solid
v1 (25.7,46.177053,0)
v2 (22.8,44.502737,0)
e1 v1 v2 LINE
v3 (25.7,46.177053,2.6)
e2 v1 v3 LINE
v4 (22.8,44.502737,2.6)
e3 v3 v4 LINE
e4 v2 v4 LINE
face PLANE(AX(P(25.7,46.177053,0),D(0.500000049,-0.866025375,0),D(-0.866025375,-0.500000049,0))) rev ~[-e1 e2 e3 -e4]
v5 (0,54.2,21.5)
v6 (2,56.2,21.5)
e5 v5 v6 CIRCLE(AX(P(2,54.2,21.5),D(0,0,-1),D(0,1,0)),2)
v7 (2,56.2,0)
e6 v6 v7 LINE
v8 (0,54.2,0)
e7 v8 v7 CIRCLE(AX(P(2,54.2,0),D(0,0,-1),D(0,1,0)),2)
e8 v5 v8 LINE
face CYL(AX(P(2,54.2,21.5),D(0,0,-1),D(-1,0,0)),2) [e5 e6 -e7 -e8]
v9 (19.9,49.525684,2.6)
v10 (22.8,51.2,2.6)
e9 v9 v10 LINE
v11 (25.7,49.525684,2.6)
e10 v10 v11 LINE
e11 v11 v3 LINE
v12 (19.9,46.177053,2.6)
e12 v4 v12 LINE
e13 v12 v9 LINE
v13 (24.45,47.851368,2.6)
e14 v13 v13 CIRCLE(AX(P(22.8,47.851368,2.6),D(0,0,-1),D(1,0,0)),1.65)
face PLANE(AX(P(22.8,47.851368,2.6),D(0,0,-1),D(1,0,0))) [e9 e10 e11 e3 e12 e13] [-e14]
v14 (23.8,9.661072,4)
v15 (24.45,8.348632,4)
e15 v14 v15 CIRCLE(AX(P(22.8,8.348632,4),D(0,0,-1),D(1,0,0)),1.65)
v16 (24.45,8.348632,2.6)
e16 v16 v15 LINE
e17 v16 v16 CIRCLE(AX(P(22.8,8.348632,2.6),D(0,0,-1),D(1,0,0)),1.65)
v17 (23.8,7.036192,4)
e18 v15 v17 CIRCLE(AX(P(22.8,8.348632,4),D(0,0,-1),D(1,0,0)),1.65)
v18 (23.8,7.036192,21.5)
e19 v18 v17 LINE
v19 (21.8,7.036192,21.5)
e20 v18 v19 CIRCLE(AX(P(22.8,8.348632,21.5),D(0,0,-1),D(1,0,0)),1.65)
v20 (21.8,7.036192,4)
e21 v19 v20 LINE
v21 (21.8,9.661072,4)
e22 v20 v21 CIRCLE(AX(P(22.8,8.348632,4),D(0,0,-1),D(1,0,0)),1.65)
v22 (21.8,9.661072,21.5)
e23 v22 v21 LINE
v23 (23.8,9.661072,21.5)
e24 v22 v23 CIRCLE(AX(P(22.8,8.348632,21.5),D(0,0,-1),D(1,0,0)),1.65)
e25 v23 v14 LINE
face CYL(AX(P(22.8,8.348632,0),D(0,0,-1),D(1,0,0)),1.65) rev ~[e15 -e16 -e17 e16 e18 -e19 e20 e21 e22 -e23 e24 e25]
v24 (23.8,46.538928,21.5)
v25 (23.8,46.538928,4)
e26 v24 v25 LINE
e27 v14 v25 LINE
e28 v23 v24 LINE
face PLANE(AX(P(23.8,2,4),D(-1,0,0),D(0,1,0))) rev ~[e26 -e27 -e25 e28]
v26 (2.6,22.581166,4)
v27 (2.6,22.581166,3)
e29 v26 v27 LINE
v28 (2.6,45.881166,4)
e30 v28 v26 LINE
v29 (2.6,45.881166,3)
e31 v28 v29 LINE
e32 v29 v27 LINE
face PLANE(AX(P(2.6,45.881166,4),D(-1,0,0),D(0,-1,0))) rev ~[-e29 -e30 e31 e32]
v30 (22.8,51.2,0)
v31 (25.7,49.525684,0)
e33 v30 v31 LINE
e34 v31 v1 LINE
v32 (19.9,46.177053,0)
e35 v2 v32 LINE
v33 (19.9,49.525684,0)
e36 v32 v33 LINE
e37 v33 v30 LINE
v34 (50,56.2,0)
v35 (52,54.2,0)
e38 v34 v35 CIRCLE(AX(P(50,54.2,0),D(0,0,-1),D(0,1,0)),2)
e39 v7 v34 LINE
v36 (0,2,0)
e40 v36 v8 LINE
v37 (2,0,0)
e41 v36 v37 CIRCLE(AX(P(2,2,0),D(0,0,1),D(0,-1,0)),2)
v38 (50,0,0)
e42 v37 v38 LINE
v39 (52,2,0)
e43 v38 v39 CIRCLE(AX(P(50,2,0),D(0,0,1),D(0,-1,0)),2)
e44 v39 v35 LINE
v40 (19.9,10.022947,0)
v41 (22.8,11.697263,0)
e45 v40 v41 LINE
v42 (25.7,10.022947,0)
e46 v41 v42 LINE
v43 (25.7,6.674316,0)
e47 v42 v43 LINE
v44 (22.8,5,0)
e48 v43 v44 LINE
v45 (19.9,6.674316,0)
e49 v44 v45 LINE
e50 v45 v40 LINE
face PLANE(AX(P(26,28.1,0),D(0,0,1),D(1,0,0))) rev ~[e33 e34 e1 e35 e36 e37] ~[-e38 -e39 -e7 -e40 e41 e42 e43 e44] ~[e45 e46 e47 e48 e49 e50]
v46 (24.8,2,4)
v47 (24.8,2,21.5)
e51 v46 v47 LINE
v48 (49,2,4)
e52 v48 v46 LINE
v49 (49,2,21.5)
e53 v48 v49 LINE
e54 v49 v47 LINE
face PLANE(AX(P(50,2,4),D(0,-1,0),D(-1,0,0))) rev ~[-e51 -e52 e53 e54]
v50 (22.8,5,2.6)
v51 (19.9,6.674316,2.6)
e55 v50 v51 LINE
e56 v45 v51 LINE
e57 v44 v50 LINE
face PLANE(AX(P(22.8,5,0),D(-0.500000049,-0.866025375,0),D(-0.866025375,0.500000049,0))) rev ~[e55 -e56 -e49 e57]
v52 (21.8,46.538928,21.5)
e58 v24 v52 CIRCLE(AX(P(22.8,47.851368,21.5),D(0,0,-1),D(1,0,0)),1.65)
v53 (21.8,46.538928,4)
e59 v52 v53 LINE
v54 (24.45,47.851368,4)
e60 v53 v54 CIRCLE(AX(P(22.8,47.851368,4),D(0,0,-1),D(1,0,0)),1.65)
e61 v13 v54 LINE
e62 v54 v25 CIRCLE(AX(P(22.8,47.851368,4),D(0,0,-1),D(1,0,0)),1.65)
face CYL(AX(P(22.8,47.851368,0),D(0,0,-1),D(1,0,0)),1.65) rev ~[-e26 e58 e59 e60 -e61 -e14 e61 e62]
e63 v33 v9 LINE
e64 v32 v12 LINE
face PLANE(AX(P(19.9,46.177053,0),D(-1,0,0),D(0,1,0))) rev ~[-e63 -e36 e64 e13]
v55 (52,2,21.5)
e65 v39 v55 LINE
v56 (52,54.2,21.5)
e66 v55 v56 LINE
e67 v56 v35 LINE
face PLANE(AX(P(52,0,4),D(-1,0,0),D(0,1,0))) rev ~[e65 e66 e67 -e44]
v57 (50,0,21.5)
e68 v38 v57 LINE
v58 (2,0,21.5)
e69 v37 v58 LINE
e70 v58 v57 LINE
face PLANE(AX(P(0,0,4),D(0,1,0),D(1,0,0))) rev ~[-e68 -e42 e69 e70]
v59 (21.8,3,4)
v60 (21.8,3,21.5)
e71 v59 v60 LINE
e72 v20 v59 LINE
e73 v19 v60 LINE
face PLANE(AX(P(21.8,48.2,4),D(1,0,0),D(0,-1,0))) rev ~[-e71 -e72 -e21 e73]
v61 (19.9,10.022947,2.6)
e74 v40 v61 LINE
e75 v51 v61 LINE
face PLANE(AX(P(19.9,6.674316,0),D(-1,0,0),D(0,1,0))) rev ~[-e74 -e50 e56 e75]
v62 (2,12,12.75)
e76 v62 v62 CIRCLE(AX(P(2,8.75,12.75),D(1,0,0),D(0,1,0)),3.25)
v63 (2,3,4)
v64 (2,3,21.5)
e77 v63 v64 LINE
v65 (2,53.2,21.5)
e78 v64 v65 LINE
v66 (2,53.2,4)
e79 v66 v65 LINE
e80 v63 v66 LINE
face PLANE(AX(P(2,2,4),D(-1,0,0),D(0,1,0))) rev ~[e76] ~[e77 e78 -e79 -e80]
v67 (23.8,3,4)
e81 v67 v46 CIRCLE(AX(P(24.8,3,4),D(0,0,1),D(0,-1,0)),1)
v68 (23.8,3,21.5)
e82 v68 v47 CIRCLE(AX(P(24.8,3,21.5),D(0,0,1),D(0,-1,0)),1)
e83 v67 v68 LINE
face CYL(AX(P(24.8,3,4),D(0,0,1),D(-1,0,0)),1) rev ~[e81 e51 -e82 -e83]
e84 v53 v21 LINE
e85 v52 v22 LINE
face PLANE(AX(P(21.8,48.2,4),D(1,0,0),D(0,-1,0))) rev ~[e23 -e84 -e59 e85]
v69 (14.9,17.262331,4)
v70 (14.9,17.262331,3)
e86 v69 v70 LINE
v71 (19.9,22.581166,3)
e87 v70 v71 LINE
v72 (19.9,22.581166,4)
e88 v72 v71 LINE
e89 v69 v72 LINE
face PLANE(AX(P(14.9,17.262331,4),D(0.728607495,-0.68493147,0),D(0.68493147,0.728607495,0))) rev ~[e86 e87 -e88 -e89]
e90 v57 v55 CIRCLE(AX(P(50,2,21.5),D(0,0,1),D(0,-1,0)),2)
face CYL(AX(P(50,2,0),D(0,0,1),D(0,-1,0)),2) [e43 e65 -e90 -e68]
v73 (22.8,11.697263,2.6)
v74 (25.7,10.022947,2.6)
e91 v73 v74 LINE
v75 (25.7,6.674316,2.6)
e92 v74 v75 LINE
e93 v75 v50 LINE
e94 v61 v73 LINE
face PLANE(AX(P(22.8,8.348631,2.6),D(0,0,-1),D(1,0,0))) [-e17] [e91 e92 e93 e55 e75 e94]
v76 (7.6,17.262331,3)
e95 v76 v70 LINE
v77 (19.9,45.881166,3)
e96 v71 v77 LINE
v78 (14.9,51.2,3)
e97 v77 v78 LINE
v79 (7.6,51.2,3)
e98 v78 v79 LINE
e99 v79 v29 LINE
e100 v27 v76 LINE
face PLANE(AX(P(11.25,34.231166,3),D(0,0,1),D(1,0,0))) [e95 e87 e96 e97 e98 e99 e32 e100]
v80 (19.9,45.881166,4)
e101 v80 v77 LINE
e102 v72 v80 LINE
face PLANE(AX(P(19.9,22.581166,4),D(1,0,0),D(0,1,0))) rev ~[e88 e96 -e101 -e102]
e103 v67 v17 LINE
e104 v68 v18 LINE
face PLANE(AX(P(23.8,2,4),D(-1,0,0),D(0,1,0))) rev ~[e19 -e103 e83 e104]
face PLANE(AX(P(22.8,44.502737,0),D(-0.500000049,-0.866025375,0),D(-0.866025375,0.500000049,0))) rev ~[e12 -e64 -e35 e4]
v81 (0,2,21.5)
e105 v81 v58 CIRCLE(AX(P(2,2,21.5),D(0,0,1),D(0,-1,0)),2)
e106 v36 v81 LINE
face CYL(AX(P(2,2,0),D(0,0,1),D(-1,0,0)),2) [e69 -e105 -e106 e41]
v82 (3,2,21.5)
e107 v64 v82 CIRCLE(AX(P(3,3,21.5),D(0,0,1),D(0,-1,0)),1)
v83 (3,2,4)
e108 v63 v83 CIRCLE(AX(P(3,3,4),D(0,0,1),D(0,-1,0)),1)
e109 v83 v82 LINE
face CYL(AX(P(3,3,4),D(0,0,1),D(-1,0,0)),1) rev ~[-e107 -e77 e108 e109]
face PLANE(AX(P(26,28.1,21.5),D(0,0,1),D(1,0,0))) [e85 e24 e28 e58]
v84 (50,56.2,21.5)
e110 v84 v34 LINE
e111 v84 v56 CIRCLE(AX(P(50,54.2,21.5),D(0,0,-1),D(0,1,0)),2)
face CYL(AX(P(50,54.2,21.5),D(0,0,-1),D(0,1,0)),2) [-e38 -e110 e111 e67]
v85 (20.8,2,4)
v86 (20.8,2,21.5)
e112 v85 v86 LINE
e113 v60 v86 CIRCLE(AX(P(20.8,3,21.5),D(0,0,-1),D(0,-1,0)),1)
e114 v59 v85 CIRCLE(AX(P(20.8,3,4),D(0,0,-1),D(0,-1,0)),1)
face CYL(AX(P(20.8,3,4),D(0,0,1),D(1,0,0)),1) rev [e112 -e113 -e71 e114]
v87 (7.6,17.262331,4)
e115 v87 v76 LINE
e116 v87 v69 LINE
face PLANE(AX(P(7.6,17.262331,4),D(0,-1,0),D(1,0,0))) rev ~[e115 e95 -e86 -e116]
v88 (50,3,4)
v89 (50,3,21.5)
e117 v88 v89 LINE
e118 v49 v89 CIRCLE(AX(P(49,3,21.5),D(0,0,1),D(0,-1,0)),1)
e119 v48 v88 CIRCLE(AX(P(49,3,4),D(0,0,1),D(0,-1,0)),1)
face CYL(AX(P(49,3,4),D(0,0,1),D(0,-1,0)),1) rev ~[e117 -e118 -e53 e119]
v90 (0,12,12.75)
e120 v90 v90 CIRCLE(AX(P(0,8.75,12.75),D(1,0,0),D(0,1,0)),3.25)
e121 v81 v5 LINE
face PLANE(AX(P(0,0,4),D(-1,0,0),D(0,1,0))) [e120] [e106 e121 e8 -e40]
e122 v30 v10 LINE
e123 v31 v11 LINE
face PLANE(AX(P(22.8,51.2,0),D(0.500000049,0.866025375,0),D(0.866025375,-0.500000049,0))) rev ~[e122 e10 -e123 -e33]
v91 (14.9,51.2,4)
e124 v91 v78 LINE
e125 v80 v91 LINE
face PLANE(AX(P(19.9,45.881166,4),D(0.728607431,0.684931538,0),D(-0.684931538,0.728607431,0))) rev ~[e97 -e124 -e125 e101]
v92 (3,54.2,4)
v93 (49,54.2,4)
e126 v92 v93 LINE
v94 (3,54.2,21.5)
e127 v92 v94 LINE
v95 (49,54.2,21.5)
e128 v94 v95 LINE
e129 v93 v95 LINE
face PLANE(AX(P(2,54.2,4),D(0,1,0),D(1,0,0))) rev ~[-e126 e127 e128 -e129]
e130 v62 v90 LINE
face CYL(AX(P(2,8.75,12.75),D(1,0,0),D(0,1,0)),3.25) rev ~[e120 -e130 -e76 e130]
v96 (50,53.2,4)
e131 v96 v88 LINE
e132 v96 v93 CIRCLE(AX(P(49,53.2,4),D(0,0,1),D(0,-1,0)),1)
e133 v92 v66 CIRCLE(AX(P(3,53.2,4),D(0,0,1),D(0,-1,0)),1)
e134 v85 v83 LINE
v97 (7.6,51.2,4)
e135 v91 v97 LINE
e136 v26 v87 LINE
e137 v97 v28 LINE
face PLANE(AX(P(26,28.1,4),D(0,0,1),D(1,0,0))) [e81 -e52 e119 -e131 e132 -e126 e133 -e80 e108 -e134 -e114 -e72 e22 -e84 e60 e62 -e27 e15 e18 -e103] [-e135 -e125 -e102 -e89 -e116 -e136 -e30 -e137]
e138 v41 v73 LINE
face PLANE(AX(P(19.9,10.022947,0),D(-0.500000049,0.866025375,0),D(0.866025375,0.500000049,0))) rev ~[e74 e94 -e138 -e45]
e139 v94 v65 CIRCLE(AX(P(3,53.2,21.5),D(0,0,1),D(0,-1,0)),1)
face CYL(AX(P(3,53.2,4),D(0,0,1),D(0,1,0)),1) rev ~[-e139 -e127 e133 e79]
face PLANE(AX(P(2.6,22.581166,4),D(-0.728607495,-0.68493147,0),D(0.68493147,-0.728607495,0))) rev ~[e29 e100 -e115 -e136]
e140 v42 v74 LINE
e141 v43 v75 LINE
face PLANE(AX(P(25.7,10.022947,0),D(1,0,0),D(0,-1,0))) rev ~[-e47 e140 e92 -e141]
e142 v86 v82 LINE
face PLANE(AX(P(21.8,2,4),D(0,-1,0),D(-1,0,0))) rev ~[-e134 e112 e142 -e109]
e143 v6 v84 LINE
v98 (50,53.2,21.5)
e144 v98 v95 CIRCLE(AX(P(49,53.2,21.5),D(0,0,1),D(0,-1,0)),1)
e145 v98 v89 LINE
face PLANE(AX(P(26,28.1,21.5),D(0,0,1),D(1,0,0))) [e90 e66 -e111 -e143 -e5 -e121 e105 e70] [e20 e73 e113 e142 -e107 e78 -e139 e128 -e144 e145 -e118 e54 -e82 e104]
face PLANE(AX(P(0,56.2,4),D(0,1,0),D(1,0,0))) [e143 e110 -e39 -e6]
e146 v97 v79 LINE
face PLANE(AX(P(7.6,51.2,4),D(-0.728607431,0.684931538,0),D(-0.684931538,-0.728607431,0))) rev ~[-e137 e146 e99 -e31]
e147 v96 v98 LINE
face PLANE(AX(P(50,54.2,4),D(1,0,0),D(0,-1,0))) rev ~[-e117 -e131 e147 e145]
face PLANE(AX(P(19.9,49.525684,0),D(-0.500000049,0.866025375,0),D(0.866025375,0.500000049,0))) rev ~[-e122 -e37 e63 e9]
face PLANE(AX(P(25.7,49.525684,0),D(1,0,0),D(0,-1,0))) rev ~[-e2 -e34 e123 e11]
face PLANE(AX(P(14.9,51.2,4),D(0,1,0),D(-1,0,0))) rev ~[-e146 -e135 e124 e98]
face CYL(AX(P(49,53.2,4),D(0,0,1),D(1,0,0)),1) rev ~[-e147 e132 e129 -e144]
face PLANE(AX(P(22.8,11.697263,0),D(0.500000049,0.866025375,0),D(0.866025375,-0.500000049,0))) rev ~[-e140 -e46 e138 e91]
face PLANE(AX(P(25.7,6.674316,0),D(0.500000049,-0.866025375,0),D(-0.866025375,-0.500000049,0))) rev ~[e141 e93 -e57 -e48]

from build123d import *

# Parameters (mm, degrees)
F0_W      = 52
F0_H      = 56.2
F1_DEPTH  = 4
F2_W      = 52
F2_H      = 56.2
F3_DEPTH  = 17.5
F5_DEPTH  = 1
F6_R      = 3.25
F7_DEPTH  = 2
F9_DEPTH  = 2.6
F10_R     = 1.65
F11_DEPTH = 21.501
F12_R     = 2
F13_R     = 1


with BuildPart() as f1:
    # F0 (on Top) → F1 (new body)
    with BuildSketch(Plane.XY):
        with Locations((26, 28.1)):
            Rectangle(F0_W, F0_H)
    extrude(amount=F1_DEPTH)

    # F2 (on face) → F3 (join)
    with BuildSketch(Plane.XY.offset(4)):
        with Locations((26, 28.1)):
            Rectangle(F2_W, F2_H)
        Polygon((2, 2), (2, 54.2), (50, 54.2), (50, 2), (23.8, 2), (23.8, 48.2), (21.8, 48.2), (21.8, 2), align=None, mode=Mode.SUBTRACT)
    extrude(amount=F3_DEPTH)

    # F4 (on face) → F5 (cut)
    with BuildSketch(Plane.XY.offset(4)):
        Polygon((2.6, 45.881166), (2.6, 22.581166), (7.6, 17.262331), (14.9, 17.262331), (19.9, 22.581166), (19.9, 45.881166), (14.9, 51.2), (7.6, 51.2), align=None)
    extrude(amount=-F5_DEPTH, mode=Mode.SUBTRACT)

    # F6 (on face) → F7 (cut, through all)
    with BuildSketch(Plane.YZ.offset(2)):
        with Locations((8.75, 12.75)):
            Circle(F6_R)
    extrude(amount=-F7_DEPTH, mode=Mode.SUBTRACT)

    # F8 (on face) → F9 (cut)
    with BuildSketch(Plane(origin=(0, 0, 0), x_dir=(1, 0, 0), z_dir=(0, 0, -1))):
        Polygon((19.9, -10.022947), (22.8, -11.697263), (25.7, -10.022947), (25.7, -6.674316), (22.8, -5), (19.9, -6.674316), align=None)
        Polygon((22.8, -44.502737), (19.9, -46.177053), (19.9, -49.525684), (22.8, -51.2), (25.7, -49.525684), (25.7, -46.177053), align=None)
    extrude(amount=-F9_DEPTH, mode=Mode.SUBTRACT)

    # F10 (on face) → F11 (cut, through all)
    with BuildSketch(Plane(origin=(0, 0, 0), x_dir=(1, 0, 0), z_dir=(0, 0, -1))):
        with Locations((22.8, -47.851368)):
            Circle(F10_R)
        with Locations((22.8, -8.348632)):
            Circle(F10_R)
    extrude(amount=-F11_DEPTH, mode=Mode.SUBTRACT)

    # F12
    f12_edges = [f1.edges().sort_by_distance(p)[0] for p in [
        (0, 0, 10.75),
        (52, 0, 10.75),
        (0, 56.2, 10.75),
        (52, 56.2, 10.75),
    ]]
    fillet(f12_edges, radius=F12_R)

    # F13
    f13_edges = [f1.edges().sort_by_distance(p)[0] for p in [
        (50, 54.2, 12.75),
        (50, 2, 12.75),
        (2, 2, 12.75),
        (2, 54.2, 12.75),
        (21.8, 2, 12.75),
        (23.8, 2, 12.75),
    ]]
    fillet(f13_edges, radius=F13_R)


solid = f1.part
